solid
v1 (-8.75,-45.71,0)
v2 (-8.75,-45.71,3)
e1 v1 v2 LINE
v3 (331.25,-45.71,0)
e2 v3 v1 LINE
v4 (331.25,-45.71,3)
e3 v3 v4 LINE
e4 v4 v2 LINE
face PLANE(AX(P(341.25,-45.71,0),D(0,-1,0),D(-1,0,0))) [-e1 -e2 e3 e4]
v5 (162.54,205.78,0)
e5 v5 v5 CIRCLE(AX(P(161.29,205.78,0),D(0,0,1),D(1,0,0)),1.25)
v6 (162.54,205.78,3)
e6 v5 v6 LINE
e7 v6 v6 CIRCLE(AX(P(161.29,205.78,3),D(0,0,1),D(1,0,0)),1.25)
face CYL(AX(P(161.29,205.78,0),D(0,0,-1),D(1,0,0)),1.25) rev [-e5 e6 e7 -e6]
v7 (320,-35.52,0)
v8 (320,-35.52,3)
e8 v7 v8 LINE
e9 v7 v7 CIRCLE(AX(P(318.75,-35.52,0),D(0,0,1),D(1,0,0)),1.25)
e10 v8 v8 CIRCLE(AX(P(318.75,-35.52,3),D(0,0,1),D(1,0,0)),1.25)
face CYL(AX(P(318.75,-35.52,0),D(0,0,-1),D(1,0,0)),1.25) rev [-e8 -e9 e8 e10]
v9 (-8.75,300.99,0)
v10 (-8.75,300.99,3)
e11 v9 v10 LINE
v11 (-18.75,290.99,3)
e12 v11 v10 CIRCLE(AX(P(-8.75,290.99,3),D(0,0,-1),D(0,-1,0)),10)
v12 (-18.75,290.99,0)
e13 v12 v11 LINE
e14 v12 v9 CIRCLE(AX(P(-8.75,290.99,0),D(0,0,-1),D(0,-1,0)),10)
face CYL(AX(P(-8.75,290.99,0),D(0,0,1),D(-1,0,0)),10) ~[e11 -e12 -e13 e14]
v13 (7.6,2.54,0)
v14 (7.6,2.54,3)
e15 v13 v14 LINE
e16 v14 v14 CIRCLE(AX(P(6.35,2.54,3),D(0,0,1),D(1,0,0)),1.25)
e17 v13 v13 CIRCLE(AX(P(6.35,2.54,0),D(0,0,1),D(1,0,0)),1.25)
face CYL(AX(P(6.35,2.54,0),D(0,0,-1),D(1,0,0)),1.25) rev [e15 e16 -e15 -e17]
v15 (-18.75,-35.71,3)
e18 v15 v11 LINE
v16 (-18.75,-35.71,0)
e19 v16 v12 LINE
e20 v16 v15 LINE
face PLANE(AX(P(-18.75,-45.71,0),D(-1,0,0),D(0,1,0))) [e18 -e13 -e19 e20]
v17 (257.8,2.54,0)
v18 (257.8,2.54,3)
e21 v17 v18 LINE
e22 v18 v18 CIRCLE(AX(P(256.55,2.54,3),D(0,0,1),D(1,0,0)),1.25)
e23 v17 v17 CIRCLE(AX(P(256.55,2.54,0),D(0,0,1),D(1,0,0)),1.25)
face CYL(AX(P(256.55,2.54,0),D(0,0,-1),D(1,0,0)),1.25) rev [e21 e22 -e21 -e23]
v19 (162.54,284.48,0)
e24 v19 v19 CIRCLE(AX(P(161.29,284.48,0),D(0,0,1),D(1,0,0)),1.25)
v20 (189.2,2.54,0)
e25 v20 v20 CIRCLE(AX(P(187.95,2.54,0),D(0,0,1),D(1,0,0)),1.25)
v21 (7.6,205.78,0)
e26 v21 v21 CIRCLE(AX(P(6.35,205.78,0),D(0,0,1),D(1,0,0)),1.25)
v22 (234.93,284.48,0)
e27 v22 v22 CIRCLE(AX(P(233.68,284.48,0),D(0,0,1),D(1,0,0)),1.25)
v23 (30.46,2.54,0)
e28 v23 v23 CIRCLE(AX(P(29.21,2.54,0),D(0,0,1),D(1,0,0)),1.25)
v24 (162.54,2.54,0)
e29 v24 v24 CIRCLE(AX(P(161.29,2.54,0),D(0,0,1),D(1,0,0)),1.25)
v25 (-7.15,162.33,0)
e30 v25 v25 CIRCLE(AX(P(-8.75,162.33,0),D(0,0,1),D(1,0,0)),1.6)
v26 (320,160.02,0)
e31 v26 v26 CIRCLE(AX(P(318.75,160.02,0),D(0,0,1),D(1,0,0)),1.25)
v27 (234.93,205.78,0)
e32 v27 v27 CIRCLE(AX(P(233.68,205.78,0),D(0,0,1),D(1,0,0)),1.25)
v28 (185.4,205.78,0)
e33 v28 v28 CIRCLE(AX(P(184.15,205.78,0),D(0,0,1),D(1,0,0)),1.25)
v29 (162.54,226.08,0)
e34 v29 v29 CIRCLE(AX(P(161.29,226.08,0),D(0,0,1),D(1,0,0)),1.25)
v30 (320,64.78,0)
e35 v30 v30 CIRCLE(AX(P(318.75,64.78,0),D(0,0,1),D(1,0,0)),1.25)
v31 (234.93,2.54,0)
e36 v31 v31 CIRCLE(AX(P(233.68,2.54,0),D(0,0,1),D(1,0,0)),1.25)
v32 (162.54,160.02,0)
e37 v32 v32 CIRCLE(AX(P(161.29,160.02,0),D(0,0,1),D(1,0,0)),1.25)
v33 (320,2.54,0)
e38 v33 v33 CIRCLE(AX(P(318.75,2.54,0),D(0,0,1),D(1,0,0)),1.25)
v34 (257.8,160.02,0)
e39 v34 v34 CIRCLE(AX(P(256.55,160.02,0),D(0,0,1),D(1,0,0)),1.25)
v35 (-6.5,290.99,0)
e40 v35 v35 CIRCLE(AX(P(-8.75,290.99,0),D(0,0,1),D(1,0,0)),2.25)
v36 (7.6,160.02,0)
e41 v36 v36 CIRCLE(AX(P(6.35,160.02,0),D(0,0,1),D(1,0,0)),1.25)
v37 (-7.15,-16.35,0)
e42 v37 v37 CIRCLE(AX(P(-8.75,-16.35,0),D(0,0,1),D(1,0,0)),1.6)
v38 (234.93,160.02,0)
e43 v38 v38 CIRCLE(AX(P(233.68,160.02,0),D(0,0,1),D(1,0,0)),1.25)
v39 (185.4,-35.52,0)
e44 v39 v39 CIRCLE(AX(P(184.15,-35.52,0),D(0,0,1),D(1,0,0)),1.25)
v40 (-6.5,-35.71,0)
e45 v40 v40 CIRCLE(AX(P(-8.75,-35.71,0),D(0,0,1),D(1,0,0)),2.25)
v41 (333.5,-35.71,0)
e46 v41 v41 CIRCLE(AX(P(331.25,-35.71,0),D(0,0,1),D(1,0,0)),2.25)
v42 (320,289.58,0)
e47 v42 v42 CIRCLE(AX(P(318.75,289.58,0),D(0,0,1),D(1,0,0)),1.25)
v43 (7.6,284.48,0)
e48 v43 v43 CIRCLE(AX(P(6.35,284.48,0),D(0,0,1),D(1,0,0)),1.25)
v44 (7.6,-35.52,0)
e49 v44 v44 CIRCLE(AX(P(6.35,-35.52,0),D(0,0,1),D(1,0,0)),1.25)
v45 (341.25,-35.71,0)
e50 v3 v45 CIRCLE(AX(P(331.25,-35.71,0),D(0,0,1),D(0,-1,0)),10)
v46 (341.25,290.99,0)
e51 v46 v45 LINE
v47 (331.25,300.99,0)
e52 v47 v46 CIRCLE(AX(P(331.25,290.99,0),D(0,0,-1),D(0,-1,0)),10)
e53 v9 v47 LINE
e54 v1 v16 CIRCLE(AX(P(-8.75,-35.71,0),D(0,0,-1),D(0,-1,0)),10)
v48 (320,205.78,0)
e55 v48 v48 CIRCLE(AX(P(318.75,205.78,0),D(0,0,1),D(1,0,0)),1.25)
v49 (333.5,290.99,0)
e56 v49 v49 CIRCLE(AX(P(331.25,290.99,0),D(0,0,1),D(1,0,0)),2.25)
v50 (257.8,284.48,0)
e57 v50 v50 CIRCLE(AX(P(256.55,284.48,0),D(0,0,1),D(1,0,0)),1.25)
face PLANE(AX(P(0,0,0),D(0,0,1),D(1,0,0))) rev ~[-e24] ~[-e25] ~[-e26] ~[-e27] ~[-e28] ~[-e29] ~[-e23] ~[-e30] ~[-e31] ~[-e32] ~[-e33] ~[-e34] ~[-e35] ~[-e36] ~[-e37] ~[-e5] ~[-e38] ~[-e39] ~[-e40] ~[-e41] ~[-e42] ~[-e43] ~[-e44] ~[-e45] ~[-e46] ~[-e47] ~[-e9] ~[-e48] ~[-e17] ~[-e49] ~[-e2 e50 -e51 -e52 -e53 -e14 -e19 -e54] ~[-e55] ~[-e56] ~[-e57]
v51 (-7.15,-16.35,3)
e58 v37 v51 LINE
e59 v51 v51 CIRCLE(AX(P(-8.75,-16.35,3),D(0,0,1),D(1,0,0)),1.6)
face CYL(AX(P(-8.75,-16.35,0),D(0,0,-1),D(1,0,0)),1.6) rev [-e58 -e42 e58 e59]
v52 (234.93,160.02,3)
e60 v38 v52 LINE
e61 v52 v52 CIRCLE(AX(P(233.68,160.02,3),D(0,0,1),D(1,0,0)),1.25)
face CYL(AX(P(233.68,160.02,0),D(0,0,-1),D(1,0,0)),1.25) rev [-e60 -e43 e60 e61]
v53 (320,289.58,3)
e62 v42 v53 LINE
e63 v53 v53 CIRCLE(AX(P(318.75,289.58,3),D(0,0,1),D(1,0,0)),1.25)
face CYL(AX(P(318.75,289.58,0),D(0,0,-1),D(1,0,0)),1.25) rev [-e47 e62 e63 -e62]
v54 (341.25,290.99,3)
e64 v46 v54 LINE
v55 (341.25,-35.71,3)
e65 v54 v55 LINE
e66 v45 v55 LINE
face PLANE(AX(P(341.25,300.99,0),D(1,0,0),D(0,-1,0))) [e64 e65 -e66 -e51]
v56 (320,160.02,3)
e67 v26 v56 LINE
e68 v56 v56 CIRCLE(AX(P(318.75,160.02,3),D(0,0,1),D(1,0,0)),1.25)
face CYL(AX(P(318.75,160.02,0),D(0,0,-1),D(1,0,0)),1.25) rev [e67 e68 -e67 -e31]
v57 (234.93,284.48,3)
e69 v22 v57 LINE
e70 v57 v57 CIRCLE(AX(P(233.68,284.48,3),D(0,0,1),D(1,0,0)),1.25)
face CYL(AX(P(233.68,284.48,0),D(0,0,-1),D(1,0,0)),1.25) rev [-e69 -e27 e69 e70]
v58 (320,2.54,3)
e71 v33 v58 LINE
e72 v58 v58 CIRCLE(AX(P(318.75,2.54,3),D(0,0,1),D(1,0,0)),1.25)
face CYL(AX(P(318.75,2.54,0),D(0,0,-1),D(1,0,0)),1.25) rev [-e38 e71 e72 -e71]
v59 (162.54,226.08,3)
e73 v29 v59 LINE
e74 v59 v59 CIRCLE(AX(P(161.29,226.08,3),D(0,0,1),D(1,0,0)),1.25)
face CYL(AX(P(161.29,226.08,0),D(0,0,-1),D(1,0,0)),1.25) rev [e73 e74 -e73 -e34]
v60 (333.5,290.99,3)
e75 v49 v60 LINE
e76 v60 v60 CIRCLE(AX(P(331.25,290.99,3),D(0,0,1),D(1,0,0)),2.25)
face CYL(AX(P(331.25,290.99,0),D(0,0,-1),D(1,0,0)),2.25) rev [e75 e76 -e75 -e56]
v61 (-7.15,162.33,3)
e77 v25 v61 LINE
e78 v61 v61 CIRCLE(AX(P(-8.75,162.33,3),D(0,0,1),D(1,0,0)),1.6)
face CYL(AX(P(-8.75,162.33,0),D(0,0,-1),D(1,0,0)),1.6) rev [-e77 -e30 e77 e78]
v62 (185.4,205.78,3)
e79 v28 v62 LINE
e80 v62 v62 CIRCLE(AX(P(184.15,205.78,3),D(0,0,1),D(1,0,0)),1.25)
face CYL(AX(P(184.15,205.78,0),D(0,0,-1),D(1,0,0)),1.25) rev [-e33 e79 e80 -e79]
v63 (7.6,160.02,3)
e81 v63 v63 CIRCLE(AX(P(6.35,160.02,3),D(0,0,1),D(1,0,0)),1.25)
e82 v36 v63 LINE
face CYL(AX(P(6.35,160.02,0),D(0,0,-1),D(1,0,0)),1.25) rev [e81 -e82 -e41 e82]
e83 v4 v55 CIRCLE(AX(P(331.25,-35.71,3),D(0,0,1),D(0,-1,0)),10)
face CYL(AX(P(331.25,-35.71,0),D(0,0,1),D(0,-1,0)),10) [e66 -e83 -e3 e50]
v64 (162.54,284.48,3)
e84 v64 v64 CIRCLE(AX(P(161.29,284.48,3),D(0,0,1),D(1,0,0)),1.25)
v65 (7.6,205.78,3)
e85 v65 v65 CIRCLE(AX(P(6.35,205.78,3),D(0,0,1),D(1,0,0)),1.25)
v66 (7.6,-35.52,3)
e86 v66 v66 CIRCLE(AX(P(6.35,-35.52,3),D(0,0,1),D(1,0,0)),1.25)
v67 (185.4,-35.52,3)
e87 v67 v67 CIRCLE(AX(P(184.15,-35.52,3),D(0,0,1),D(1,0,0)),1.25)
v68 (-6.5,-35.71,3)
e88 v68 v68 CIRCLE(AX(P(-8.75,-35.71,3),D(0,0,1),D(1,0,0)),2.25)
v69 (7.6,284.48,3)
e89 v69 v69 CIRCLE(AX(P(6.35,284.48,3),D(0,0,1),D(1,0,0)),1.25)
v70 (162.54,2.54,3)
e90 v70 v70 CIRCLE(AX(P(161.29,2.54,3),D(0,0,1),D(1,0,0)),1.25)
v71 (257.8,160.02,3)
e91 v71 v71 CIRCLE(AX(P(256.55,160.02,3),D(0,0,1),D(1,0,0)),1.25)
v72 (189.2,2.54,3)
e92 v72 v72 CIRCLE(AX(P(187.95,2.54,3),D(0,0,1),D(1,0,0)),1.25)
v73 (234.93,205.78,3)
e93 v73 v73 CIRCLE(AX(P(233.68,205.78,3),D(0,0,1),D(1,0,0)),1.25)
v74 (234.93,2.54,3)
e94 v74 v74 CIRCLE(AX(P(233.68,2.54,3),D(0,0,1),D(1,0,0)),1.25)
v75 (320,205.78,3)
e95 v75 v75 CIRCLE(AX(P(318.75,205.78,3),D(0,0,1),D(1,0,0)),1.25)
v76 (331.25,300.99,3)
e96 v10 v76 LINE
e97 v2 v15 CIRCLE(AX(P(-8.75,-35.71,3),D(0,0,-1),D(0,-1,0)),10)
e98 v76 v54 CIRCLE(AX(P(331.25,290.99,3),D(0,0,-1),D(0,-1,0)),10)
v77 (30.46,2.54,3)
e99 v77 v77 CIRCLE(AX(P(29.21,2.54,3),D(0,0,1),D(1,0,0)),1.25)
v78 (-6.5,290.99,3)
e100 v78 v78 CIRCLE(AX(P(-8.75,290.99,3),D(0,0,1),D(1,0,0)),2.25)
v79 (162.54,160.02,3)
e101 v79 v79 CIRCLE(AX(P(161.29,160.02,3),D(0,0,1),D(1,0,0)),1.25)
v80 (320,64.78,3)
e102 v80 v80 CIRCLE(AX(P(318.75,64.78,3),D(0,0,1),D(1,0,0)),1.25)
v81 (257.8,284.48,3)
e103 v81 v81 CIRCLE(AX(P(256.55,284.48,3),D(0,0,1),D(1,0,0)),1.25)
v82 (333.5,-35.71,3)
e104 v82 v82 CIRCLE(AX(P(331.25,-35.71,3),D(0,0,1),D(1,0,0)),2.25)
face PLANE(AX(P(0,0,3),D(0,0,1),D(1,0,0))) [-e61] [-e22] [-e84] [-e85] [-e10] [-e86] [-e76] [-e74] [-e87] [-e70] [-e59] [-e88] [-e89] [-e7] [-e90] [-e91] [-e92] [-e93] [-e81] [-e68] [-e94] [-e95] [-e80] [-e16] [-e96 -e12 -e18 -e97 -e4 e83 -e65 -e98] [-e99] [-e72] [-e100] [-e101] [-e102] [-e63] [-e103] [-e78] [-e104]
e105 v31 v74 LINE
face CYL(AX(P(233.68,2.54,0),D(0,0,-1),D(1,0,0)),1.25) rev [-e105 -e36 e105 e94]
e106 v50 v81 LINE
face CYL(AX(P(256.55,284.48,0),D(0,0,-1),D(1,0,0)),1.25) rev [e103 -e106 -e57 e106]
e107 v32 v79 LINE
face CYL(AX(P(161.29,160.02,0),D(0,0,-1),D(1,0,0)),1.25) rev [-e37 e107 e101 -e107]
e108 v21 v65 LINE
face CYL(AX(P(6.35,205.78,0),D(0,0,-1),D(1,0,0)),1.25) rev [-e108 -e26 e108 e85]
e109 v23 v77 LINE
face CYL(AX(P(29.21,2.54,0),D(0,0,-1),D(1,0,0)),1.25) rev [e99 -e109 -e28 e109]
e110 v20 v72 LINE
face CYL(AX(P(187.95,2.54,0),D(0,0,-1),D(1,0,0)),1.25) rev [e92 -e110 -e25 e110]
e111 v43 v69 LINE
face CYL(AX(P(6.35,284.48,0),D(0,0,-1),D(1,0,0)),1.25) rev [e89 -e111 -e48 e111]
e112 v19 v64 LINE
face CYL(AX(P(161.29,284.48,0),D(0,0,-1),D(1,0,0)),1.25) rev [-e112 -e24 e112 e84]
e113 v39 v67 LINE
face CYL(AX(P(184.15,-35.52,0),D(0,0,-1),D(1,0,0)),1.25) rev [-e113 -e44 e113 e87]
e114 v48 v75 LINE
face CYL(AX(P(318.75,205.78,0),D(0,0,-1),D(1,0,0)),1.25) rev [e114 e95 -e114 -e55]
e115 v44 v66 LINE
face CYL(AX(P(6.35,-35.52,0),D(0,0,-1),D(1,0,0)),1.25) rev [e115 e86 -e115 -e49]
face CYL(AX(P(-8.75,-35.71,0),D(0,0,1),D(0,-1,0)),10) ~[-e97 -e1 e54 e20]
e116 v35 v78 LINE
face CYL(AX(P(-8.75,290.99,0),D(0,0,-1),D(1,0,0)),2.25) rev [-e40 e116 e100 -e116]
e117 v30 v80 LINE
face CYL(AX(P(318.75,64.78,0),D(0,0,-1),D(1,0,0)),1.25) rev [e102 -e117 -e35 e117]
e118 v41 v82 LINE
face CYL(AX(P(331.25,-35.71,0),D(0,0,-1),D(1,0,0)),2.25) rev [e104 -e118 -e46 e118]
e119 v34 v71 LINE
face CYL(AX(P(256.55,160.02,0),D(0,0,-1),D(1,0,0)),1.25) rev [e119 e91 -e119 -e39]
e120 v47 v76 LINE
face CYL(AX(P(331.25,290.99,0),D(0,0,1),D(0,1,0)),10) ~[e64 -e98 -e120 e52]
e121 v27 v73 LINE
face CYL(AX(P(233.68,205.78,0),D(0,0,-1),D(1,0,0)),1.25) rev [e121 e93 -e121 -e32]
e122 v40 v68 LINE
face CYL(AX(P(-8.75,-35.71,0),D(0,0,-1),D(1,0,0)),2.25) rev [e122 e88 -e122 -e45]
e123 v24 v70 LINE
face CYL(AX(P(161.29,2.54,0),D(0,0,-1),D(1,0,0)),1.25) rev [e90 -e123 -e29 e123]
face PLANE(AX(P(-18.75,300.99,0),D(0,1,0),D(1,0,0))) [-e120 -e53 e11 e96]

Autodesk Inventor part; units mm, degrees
ref_plane "YZ Plane" through (0, 0, 0) normal (1, 0, 0) x (0, 1, 0)
ref_plane "XZ Plane" through (0, 0, 0) normal (0, 1, 0) x (-1, 0, 0)
ref_plane "XY Plane" through (0, 0, 0) normal (0, 0, 1) x (1, 0, 0)
sketch "スケッチ1" plane through (0, 0, 0) normal (0, 0, 1) x (1, 0, 0)
  circle A0 centre (233.68, 2.54) radius 2.25 construction
  circle A1 centre (161.29, 2.54) radius 2.25 construction
  circle A2 centre (29.21, 2.54) radius 2.25 construction
  circle A3 centre (233.68, 160.02) radius 2.25 construction
  circle A4 centre (161.29, 160.02) radius 2.25 construction
  circle A5 centre (6.35, 160.02) radius 2.25 construction
  circle A6 centre (6.35, 284.48) radius 2.25 construction
  circle A7 centre (161.29, 284.48) radius 2.25 construction
  circle A8 centre (233.68, 284.48) radius 2.25 construction
  circle A9 centre (29.21, 2.54) radius 1.25
  circle A10 centre (161.29, 2.54) radius 1.25
  circle A11 centre (233.68, 2.54) radius 1.25
  circle A12 centre (233.68, 160.02) radius 1.25
  circle A13 centre (161.29, 160.02) radius 1.25
  circle A14 centre (6.35, 160.02) radius 1.25
  circle A15 centre (6.35, 284.48) radius 1.25
  circle A16 centre (161.29, 284.48) radius 1.25
  circle A17 centre (233.68, 284.48) radius 1.25
  line L0 (341.25, -45.71) -> (-18.75, -45.71)
  line L1 (-18.75, -45.71) -> (-18.75, 300.99)
  line L2 (-18.75, 300.99) -> (341.25, 300.99)
  line L3 (341.25, 300.99) -> (341.25, -45.71)
  line L4 (331.25, 290.99) -> (-8.75, 290.99) construction
  line L5 (-8.75, 290.99) -> (-8.75, -35.71) construction
  line L6 (-8.75, -35.71) -> (331.25, -35.71) construction
  line L7 (331.25, -35.71) -> (331.25, 290.99) construction
  circle A18 centre (-8.75, 290.99) radius 2.25
  circle A19 centre (331.25, 290.99) radius 2.25
  circle A20 centre (331.25, -35.71) radius 2.25
  circle A21 centre (-8.75, -35.71) radius 2.25
  line L8 (-3.85, -3.82) -> (326.35, -3.82) construction
  line L9 (326.35, -3.82) -> (326.35, 300.98) construction
  line L10 (326.35, 300.98) -> (-3.85, 300.98) construction
  line L11 (-3.85, 300.98) -> (-3.85, -3.82) construction
  circle A22 centre (6.35, 2.54) radius 1.25
  circle A23 centre (6.35, -35.52) radius 1.25
  circle A24 centre (6.35, 205.78) radius 1.25
  circle A25 centre (161.29, 205.78) radius 1.25
  circle A26 centre (161.29, 226.08) radius 1.25
  circle A27 centre (184.15, 205.78) radius 1.25
  circle A28 centre (187.95, 2.54) radius 1.25
  circle A29 centre (233.68, 205.78) radius 1.25
  circle A30 centre (256.55, 284.48) radius 1.25
  circle A31 centre (256.55, 160.02) radius 1.25
  circle A32 centre (256.55, 2.54) radius 1.25
  circle A33 centre (318.75, 289.58) radius 1.25
  circle A34 centre (318.75, 2.54) radius 1.25
  circle A35 centre (318.75, 160.02) radius 1.25
  circle A36 centre (318.75, 205.78) radius 1.25
  circle A37 centre (318.75, 64.78) radius 1.25
  circle A38 centre (184.15, -35.52) radius 1.25
  circle A39 centre (318.75, -35.52) radius 1.25
  line L12 (-5.11, -6.35) -> (-7.56, -6.35) construction
  line L13 (-7.56, 152.33) -> (-5.11, 152.33) construction
  circle A40 centre (-8.75, 162.33) radius 1.6
  circle A41 centre (-8.75, -16.35) radius 1.6
  point P0 (0, 0)
  point P1 (-3.81, 297.18)
  point P2 (0, 300.99)
  point P3 (3.7629, -59.9187)
  point P4 (-8.75, 127.64)
  point P5 (161.25, 300.98)
  point P6 (161.25, 300.99)
  point P7 (-3.85, 148.58)
  dimension "d0" = 2.5
  dimension "d1" = 360
  dimension "d2" = 346.7
  dimension "d5" = 10
  dimension "d6" = 4.5
  dimension "d91" = 304.8
  dimension "d92" = 330.2
  dimension "d93" = 10.2
  dimension "d94" = 16.5
  dimension "d95" = 227.33
  dimension "d97" = 0
  dimension "d98" = 320
  dimension "d99" = 154.94
  dimension "d100" = 124.46
  dimension "d101" = 78.7
  dimension "d102" = 20.3
  dimension "d103" = 177.8
  dimension "d105" = 181.6
  dimension "d106" = 250.2
  dimension "d107" = 312.4
  dimension "d108" = 5.1
  dimension "d109" = 219.7
  dimension "d110" = 10
  dimension "d111" = 10
  dimension "d113" = 3.2
extrude "押し出し1" add sketch "スケッチ1" along normal blind 3
fillet "フィレット3" radius 10 4 edges at (-18.75, -45.71, 1.5) (-18.75, 300.99, 1.5) (341.25, 300.99, 1.5) (341.25, -45.71, 1.5)
properties part number "mb_plate_01"
